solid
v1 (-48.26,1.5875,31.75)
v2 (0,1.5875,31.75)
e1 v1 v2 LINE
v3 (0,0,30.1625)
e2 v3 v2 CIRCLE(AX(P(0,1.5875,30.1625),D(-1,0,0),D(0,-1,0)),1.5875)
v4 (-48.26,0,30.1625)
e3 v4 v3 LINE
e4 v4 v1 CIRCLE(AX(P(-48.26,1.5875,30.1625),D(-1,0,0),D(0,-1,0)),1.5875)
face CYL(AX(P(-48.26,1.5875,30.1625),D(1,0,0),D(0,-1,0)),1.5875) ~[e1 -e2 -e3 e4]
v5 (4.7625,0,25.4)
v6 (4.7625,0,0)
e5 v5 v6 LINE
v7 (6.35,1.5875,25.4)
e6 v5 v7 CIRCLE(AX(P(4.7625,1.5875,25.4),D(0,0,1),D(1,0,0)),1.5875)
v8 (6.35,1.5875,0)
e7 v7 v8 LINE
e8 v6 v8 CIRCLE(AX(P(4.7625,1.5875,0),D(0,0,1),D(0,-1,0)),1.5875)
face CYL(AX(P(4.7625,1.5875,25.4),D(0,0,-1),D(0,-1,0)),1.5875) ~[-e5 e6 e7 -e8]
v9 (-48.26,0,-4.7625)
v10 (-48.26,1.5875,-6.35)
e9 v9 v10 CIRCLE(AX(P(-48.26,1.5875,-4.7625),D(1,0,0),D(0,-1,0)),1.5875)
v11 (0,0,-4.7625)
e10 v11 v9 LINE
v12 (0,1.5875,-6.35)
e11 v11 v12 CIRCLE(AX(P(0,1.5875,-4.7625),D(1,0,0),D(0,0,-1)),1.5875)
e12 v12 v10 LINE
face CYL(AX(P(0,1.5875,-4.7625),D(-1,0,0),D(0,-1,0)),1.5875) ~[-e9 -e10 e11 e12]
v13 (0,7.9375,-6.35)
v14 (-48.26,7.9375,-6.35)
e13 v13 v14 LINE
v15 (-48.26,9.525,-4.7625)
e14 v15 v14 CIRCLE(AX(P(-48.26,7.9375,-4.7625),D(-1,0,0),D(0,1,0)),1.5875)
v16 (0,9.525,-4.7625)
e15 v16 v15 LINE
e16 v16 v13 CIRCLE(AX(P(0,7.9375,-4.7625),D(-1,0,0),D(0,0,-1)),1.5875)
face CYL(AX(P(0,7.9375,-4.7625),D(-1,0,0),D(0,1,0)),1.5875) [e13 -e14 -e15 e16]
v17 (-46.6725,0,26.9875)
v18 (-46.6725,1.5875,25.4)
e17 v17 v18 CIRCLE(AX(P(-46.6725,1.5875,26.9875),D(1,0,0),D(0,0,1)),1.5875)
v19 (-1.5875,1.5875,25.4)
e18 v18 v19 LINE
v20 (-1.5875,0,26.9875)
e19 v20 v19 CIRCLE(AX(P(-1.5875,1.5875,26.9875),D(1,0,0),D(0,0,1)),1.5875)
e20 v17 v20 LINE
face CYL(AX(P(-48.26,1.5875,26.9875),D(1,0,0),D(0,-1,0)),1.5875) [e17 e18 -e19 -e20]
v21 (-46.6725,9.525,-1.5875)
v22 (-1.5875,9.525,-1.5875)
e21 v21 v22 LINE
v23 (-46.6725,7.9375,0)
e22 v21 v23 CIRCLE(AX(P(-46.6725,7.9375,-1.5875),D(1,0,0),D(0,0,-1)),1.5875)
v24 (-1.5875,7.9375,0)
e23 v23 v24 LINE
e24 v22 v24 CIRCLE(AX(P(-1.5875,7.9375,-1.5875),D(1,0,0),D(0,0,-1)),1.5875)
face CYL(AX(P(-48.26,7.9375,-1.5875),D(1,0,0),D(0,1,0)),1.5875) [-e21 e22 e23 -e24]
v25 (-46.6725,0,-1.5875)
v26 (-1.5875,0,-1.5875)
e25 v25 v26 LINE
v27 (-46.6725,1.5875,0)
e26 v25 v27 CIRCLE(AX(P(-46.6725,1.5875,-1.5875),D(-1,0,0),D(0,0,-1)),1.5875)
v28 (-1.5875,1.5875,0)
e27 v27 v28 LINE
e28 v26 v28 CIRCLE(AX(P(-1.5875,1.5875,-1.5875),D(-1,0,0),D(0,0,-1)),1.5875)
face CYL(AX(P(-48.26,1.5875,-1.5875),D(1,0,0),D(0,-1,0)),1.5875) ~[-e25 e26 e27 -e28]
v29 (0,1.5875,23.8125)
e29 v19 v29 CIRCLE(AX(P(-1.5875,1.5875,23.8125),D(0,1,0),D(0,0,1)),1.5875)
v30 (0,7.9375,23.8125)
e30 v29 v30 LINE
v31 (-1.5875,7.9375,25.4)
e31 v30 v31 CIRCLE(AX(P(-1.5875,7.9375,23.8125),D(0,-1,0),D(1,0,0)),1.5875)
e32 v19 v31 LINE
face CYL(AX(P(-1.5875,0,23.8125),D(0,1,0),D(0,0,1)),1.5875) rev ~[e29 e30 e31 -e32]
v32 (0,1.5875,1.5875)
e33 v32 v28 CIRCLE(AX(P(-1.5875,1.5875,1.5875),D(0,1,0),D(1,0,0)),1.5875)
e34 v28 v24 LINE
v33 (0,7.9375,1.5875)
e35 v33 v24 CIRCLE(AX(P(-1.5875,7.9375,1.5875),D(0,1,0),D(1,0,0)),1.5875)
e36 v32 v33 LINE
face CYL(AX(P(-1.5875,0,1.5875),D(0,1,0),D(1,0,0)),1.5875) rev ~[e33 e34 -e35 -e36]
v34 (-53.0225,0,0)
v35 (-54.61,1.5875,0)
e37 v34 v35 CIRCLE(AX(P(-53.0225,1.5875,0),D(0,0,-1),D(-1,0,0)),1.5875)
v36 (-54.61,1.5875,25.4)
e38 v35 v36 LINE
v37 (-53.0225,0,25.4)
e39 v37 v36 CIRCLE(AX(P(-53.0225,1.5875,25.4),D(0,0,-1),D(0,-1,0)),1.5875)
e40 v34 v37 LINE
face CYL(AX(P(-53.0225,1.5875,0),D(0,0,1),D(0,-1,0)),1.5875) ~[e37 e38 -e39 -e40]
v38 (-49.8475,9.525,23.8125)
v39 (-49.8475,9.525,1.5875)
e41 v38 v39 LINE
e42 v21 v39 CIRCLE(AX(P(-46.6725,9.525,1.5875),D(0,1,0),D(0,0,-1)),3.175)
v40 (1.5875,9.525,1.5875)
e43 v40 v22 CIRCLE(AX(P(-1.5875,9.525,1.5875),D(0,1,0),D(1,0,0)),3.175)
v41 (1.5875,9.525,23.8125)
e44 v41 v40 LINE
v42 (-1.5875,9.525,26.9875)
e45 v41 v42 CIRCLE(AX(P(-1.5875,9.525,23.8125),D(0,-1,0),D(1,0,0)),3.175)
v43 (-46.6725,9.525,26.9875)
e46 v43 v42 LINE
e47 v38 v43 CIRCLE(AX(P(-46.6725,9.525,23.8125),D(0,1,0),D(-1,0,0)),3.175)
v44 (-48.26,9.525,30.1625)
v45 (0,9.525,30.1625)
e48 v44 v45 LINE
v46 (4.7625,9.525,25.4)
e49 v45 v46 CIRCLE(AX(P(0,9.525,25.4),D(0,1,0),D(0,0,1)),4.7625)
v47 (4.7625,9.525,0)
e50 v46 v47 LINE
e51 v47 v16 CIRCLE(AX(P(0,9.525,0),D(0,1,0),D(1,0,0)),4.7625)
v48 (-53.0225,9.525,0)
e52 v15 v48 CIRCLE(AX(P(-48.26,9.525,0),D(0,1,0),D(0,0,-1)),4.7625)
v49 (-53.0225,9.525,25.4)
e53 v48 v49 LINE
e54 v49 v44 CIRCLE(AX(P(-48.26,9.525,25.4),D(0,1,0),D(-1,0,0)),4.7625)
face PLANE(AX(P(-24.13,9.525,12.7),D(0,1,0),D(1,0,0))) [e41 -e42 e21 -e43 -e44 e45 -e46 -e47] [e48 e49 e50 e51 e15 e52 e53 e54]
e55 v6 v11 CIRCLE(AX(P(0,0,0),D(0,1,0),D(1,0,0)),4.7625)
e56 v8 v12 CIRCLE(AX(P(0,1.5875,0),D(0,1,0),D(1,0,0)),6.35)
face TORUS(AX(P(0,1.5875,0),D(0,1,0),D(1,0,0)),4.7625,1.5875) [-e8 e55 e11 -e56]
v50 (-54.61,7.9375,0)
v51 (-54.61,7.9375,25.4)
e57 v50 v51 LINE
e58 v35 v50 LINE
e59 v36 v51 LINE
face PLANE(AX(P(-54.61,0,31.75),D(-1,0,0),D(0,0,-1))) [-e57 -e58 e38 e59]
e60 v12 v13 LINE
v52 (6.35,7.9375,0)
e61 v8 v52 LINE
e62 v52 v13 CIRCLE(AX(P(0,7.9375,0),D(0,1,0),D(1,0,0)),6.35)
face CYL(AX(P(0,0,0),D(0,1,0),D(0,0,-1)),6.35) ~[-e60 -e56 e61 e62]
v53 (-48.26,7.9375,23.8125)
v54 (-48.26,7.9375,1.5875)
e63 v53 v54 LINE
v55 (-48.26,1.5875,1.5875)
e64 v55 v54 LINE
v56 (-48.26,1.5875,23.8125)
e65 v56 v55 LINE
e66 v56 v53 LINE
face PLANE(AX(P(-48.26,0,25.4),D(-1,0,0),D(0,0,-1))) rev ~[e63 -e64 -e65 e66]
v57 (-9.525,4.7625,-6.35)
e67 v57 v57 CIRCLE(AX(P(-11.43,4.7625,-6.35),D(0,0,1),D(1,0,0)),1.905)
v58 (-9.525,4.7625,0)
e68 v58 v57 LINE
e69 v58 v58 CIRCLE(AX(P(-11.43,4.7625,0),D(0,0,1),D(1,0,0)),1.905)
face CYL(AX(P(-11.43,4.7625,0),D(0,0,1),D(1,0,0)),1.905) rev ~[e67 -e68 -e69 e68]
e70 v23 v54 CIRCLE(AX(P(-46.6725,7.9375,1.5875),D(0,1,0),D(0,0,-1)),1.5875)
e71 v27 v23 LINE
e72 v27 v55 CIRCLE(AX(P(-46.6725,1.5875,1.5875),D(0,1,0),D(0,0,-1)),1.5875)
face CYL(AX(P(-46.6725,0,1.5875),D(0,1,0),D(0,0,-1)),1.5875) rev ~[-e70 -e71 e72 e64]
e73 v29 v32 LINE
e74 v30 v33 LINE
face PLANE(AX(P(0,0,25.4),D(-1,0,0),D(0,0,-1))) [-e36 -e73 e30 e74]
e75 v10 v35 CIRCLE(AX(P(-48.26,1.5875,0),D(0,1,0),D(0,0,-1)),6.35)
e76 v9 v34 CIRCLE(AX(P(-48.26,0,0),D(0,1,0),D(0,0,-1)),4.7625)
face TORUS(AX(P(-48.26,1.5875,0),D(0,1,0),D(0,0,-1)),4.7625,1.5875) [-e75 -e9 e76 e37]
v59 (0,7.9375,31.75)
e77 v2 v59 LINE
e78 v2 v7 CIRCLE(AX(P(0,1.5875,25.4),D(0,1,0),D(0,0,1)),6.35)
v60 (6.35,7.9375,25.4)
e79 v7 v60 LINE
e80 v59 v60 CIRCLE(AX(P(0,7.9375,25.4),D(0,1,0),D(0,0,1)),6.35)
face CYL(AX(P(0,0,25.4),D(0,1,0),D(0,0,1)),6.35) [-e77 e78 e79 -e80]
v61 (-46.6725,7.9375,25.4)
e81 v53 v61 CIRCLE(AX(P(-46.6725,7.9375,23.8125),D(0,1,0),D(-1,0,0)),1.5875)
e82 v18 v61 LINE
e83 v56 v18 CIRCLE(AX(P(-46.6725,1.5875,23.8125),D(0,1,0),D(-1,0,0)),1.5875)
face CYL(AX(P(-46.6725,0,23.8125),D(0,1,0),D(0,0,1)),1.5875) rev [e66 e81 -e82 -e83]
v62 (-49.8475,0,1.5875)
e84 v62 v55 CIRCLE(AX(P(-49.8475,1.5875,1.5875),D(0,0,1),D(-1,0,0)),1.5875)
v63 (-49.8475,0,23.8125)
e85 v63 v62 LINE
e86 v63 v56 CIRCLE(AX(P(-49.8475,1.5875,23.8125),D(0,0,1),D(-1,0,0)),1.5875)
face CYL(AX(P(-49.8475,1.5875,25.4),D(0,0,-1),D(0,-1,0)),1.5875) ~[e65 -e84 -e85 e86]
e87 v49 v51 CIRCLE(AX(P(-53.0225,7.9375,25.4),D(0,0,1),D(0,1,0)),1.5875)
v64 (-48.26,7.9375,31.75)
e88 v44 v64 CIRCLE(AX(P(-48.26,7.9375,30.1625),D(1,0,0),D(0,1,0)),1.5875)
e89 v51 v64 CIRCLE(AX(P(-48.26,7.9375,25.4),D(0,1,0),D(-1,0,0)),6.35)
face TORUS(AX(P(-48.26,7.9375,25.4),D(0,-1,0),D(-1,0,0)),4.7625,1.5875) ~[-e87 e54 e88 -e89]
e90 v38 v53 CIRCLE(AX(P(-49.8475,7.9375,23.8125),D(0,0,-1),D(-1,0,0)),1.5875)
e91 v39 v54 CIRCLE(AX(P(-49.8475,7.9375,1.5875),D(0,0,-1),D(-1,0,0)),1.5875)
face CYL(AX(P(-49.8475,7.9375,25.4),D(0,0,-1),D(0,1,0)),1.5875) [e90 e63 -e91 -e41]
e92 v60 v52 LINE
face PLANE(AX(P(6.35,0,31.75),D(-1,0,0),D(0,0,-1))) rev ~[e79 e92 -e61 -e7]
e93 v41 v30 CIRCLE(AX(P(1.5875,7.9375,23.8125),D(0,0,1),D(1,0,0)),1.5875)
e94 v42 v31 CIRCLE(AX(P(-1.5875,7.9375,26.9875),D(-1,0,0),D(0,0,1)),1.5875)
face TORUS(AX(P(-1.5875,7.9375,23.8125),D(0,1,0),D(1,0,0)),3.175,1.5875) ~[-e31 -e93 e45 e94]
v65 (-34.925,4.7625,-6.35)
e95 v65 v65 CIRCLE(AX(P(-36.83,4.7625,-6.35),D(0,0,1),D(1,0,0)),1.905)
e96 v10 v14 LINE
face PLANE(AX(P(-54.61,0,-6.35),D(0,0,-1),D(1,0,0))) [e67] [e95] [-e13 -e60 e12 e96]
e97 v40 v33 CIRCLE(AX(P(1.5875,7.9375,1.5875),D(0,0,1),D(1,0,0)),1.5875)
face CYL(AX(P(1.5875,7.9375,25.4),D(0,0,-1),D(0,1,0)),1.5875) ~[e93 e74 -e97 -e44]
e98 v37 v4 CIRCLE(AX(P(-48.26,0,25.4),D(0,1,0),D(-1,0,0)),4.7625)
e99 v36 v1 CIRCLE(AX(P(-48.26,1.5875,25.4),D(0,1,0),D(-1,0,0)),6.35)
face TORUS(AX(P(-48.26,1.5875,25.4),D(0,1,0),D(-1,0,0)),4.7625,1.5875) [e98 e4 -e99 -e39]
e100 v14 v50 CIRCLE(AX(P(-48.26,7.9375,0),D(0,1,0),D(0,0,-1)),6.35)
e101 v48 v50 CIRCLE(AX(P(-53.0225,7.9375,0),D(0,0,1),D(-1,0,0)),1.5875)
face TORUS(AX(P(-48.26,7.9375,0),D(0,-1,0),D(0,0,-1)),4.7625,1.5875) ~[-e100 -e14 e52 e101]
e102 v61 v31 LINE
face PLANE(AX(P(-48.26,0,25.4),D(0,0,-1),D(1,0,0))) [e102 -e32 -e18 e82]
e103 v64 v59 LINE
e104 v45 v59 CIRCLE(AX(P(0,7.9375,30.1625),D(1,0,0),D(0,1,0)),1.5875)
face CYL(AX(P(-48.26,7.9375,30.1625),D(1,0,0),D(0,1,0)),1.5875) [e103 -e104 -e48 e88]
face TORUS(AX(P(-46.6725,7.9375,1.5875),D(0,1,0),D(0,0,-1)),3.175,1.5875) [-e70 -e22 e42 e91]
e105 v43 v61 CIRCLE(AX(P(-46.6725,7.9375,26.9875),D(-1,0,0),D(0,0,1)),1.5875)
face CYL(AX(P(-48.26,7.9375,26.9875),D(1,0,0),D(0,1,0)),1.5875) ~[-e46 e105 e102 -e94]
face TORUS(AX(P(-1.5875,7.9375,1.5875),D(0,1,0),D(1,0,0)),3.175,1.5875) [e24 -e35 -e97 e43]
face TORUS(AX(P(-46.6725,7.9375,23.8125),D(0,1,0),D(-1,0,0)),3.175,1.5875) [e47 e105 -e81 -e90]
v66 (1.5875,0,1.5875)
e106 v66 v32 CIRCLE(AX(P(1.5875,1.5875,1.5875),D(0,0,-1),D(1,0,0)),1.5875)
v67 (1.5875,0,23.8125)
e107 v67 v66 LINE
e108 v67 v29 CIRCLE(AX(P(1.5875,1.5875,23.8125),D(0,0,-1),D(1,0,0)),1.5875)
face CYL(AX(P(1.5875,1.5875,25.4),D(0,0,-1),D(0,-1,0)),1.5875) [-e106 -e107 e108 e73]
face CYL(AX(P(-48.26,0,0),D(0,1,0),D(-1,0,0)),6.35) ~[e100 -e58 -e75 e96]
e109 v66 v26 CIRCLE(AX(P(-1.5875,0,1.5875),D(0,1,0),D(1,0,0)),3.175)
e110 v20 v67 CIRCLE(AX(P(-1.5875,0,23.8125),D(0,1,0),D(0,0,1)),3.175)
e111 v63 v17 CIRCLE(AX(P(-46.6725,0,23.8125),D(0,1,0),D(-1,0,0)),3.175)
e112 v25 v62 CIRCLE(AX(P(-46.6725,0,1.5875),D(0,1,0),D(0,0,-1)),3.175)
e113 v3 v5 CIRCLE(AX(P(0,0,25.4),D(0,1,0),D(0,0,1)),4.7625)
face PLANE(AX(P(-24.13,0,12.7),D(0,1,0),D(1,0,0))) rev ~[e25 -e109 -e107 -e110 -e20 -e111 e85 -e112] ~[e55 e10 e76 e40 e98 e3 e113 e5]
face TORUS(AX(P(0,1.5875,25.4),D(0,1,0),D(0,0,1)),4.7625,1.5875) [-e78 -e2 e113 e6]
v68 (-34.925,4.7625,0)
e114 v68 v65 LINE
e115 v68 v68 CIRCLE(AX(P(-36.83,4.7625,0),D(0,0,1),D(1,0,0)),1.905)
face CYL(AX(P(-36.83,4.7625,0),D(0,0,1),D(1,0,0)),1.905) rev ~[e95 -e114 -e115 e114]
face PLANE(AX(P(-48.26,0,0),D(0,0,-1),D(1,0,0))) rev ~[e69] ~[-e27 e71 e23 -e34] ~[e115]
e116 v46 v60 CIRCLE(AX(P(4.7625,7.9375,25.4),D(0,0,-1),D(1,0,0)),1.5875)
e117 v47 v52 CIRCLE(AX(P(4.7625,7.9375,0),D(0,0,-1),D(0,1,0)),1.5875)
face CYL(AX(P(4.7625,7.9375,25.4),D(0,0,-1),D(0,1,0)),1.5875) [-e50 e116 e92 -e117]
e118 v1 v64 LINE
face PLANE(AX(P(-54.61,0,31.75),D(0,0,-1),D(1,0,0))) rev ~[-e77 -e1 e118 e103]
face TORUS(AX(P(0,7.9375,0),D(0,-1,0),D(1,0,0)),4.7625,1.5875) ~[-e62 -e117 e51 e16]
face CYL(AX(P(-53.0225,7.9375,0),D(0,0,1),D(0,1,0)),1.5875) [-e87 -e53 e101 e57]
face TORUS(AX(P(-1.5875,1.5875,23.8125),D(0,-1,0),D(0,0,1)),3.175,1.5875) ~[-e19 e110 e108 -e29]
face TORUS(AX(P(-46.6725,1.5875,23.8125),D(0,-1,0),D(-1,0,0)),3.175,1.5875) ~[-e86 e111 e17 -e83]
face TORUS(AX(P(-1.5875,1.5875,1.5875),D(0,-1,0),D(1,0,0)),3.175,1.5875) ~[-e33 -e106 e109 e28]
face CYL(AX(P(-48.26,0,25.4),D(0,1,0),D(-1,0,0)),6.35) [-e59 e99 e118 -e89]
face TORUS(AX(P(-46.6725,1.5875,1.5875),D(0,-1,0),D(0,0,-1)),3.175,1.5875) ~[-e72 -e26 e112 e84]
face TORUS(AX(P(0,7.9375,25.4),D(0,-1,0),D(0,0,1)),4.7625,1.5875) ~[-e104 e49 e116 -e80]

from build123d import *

# Parameters (mm, degrees)
SKETCH1_W           = 60.96
SKETCH1_H           = 38.1
SKETCH1_W_2         = 48.26
SKETCH1_H_2         = 25.4
BOSS_EXTRUDE1_DEPTH = 9.525
SKETCH2_R           = 1.905
CUT_EXTRUDE1_DEPTH  = 64.883019849
FILLET1_R           = 6.35
FILLET2_R           = 1.5875


with BuildPart() as part:
    # Sketch1 → Boss-Extrude1 (new body)
    with BuildSketch(Plane(origin=(0, 0, 0), x_dir=(1, 0, 0), z_dir=(0, 1, 0))):
        with Locations((-24.13, -12.7)):
            Rectangle(SKETCH1_W, SKETCH1_H)
        with Locations((-24.13, -12.7)):
            Rectangle(SKETCH1_W_2, SKETCH1_H_2, mode=Mode.SUBTRACT)
    extrude(amount=BOSS_EXTRUDE1_DEPTH)

    # Sketch2 → Cut-Extrude1 (cut, through all)
    with BuildSketch(Plane.XY):
        with Locations((-36.83, 4.7625)):
            Circle(SKETCH2_R)
        with Locations((-11.43, 4.7625)):
            Circle(SKETCH2_R)
    extrude(amount=-CUT_EXTRUDE1_DEPTH, mode=Mode.SUBTRACT)

    # Fillet1
    fillet1_edges = [part.edges().sort_by_distance(p)[0] for p in [
        (-54.61, 4.7625, -6.35),
        (6.35, 4.7625, -6.35),
        (6.35, 4.7625, 31.75),
        (-54.61, 4.7625, 31.75),
    ]]
    fillet(fillet1_edges, radius=FILLET1_R)

    # Fillet2
    fillet2_edges = [part.edges().sort_by_distance(p)[0] for p in [
        (0, 0, 12.7),
        (0, 4.7625, 25.4),
        (-24.13, 0, 0),
        (0, 4.7625, 0),
        (-48.26, 0, 12.7),
        (-48.26, 4.7625, 0),
        (-24.13, 0, 25.4),
        (-48.26, 4.7625, 25.4),
        (0, 9.525, 12.7),
        (-24.13, 9.525, 0),
        (-48.26, 9.525, 12.7),
        (-24.13, 9.525, 25.4),
        (-24.13, 0, 31.75),
        (-24.13, 9.525, 31.75),
        (-54.61, 0, 12.7),
        (-24.13, 0, -6.35),
        (6.35, 0, 12.7),
        (4.490128061, 0, 29.890128061),
        (4.490128061, 0, -4.490128061),
        (-52.750128061, 0, -4.490128061),
        (-52.750128061, 0, 29.890128061),
        (-54.61, 9.525, 12.7),
        (6.35, 9.525, 12.7),
        (-24.13, 9.525, -6.35),
        (4.490128061, 9.525, 29.890128061),
        (4.490128061, 9.525, -4.490128061),
        (-52.750128061, 9.525, -4.490128061),
        (-52.750128061, 9.525, 29.890128061),
    ]]
    fillet(fillet2_edges, radius=FILLET2_R)


solid = part.part
